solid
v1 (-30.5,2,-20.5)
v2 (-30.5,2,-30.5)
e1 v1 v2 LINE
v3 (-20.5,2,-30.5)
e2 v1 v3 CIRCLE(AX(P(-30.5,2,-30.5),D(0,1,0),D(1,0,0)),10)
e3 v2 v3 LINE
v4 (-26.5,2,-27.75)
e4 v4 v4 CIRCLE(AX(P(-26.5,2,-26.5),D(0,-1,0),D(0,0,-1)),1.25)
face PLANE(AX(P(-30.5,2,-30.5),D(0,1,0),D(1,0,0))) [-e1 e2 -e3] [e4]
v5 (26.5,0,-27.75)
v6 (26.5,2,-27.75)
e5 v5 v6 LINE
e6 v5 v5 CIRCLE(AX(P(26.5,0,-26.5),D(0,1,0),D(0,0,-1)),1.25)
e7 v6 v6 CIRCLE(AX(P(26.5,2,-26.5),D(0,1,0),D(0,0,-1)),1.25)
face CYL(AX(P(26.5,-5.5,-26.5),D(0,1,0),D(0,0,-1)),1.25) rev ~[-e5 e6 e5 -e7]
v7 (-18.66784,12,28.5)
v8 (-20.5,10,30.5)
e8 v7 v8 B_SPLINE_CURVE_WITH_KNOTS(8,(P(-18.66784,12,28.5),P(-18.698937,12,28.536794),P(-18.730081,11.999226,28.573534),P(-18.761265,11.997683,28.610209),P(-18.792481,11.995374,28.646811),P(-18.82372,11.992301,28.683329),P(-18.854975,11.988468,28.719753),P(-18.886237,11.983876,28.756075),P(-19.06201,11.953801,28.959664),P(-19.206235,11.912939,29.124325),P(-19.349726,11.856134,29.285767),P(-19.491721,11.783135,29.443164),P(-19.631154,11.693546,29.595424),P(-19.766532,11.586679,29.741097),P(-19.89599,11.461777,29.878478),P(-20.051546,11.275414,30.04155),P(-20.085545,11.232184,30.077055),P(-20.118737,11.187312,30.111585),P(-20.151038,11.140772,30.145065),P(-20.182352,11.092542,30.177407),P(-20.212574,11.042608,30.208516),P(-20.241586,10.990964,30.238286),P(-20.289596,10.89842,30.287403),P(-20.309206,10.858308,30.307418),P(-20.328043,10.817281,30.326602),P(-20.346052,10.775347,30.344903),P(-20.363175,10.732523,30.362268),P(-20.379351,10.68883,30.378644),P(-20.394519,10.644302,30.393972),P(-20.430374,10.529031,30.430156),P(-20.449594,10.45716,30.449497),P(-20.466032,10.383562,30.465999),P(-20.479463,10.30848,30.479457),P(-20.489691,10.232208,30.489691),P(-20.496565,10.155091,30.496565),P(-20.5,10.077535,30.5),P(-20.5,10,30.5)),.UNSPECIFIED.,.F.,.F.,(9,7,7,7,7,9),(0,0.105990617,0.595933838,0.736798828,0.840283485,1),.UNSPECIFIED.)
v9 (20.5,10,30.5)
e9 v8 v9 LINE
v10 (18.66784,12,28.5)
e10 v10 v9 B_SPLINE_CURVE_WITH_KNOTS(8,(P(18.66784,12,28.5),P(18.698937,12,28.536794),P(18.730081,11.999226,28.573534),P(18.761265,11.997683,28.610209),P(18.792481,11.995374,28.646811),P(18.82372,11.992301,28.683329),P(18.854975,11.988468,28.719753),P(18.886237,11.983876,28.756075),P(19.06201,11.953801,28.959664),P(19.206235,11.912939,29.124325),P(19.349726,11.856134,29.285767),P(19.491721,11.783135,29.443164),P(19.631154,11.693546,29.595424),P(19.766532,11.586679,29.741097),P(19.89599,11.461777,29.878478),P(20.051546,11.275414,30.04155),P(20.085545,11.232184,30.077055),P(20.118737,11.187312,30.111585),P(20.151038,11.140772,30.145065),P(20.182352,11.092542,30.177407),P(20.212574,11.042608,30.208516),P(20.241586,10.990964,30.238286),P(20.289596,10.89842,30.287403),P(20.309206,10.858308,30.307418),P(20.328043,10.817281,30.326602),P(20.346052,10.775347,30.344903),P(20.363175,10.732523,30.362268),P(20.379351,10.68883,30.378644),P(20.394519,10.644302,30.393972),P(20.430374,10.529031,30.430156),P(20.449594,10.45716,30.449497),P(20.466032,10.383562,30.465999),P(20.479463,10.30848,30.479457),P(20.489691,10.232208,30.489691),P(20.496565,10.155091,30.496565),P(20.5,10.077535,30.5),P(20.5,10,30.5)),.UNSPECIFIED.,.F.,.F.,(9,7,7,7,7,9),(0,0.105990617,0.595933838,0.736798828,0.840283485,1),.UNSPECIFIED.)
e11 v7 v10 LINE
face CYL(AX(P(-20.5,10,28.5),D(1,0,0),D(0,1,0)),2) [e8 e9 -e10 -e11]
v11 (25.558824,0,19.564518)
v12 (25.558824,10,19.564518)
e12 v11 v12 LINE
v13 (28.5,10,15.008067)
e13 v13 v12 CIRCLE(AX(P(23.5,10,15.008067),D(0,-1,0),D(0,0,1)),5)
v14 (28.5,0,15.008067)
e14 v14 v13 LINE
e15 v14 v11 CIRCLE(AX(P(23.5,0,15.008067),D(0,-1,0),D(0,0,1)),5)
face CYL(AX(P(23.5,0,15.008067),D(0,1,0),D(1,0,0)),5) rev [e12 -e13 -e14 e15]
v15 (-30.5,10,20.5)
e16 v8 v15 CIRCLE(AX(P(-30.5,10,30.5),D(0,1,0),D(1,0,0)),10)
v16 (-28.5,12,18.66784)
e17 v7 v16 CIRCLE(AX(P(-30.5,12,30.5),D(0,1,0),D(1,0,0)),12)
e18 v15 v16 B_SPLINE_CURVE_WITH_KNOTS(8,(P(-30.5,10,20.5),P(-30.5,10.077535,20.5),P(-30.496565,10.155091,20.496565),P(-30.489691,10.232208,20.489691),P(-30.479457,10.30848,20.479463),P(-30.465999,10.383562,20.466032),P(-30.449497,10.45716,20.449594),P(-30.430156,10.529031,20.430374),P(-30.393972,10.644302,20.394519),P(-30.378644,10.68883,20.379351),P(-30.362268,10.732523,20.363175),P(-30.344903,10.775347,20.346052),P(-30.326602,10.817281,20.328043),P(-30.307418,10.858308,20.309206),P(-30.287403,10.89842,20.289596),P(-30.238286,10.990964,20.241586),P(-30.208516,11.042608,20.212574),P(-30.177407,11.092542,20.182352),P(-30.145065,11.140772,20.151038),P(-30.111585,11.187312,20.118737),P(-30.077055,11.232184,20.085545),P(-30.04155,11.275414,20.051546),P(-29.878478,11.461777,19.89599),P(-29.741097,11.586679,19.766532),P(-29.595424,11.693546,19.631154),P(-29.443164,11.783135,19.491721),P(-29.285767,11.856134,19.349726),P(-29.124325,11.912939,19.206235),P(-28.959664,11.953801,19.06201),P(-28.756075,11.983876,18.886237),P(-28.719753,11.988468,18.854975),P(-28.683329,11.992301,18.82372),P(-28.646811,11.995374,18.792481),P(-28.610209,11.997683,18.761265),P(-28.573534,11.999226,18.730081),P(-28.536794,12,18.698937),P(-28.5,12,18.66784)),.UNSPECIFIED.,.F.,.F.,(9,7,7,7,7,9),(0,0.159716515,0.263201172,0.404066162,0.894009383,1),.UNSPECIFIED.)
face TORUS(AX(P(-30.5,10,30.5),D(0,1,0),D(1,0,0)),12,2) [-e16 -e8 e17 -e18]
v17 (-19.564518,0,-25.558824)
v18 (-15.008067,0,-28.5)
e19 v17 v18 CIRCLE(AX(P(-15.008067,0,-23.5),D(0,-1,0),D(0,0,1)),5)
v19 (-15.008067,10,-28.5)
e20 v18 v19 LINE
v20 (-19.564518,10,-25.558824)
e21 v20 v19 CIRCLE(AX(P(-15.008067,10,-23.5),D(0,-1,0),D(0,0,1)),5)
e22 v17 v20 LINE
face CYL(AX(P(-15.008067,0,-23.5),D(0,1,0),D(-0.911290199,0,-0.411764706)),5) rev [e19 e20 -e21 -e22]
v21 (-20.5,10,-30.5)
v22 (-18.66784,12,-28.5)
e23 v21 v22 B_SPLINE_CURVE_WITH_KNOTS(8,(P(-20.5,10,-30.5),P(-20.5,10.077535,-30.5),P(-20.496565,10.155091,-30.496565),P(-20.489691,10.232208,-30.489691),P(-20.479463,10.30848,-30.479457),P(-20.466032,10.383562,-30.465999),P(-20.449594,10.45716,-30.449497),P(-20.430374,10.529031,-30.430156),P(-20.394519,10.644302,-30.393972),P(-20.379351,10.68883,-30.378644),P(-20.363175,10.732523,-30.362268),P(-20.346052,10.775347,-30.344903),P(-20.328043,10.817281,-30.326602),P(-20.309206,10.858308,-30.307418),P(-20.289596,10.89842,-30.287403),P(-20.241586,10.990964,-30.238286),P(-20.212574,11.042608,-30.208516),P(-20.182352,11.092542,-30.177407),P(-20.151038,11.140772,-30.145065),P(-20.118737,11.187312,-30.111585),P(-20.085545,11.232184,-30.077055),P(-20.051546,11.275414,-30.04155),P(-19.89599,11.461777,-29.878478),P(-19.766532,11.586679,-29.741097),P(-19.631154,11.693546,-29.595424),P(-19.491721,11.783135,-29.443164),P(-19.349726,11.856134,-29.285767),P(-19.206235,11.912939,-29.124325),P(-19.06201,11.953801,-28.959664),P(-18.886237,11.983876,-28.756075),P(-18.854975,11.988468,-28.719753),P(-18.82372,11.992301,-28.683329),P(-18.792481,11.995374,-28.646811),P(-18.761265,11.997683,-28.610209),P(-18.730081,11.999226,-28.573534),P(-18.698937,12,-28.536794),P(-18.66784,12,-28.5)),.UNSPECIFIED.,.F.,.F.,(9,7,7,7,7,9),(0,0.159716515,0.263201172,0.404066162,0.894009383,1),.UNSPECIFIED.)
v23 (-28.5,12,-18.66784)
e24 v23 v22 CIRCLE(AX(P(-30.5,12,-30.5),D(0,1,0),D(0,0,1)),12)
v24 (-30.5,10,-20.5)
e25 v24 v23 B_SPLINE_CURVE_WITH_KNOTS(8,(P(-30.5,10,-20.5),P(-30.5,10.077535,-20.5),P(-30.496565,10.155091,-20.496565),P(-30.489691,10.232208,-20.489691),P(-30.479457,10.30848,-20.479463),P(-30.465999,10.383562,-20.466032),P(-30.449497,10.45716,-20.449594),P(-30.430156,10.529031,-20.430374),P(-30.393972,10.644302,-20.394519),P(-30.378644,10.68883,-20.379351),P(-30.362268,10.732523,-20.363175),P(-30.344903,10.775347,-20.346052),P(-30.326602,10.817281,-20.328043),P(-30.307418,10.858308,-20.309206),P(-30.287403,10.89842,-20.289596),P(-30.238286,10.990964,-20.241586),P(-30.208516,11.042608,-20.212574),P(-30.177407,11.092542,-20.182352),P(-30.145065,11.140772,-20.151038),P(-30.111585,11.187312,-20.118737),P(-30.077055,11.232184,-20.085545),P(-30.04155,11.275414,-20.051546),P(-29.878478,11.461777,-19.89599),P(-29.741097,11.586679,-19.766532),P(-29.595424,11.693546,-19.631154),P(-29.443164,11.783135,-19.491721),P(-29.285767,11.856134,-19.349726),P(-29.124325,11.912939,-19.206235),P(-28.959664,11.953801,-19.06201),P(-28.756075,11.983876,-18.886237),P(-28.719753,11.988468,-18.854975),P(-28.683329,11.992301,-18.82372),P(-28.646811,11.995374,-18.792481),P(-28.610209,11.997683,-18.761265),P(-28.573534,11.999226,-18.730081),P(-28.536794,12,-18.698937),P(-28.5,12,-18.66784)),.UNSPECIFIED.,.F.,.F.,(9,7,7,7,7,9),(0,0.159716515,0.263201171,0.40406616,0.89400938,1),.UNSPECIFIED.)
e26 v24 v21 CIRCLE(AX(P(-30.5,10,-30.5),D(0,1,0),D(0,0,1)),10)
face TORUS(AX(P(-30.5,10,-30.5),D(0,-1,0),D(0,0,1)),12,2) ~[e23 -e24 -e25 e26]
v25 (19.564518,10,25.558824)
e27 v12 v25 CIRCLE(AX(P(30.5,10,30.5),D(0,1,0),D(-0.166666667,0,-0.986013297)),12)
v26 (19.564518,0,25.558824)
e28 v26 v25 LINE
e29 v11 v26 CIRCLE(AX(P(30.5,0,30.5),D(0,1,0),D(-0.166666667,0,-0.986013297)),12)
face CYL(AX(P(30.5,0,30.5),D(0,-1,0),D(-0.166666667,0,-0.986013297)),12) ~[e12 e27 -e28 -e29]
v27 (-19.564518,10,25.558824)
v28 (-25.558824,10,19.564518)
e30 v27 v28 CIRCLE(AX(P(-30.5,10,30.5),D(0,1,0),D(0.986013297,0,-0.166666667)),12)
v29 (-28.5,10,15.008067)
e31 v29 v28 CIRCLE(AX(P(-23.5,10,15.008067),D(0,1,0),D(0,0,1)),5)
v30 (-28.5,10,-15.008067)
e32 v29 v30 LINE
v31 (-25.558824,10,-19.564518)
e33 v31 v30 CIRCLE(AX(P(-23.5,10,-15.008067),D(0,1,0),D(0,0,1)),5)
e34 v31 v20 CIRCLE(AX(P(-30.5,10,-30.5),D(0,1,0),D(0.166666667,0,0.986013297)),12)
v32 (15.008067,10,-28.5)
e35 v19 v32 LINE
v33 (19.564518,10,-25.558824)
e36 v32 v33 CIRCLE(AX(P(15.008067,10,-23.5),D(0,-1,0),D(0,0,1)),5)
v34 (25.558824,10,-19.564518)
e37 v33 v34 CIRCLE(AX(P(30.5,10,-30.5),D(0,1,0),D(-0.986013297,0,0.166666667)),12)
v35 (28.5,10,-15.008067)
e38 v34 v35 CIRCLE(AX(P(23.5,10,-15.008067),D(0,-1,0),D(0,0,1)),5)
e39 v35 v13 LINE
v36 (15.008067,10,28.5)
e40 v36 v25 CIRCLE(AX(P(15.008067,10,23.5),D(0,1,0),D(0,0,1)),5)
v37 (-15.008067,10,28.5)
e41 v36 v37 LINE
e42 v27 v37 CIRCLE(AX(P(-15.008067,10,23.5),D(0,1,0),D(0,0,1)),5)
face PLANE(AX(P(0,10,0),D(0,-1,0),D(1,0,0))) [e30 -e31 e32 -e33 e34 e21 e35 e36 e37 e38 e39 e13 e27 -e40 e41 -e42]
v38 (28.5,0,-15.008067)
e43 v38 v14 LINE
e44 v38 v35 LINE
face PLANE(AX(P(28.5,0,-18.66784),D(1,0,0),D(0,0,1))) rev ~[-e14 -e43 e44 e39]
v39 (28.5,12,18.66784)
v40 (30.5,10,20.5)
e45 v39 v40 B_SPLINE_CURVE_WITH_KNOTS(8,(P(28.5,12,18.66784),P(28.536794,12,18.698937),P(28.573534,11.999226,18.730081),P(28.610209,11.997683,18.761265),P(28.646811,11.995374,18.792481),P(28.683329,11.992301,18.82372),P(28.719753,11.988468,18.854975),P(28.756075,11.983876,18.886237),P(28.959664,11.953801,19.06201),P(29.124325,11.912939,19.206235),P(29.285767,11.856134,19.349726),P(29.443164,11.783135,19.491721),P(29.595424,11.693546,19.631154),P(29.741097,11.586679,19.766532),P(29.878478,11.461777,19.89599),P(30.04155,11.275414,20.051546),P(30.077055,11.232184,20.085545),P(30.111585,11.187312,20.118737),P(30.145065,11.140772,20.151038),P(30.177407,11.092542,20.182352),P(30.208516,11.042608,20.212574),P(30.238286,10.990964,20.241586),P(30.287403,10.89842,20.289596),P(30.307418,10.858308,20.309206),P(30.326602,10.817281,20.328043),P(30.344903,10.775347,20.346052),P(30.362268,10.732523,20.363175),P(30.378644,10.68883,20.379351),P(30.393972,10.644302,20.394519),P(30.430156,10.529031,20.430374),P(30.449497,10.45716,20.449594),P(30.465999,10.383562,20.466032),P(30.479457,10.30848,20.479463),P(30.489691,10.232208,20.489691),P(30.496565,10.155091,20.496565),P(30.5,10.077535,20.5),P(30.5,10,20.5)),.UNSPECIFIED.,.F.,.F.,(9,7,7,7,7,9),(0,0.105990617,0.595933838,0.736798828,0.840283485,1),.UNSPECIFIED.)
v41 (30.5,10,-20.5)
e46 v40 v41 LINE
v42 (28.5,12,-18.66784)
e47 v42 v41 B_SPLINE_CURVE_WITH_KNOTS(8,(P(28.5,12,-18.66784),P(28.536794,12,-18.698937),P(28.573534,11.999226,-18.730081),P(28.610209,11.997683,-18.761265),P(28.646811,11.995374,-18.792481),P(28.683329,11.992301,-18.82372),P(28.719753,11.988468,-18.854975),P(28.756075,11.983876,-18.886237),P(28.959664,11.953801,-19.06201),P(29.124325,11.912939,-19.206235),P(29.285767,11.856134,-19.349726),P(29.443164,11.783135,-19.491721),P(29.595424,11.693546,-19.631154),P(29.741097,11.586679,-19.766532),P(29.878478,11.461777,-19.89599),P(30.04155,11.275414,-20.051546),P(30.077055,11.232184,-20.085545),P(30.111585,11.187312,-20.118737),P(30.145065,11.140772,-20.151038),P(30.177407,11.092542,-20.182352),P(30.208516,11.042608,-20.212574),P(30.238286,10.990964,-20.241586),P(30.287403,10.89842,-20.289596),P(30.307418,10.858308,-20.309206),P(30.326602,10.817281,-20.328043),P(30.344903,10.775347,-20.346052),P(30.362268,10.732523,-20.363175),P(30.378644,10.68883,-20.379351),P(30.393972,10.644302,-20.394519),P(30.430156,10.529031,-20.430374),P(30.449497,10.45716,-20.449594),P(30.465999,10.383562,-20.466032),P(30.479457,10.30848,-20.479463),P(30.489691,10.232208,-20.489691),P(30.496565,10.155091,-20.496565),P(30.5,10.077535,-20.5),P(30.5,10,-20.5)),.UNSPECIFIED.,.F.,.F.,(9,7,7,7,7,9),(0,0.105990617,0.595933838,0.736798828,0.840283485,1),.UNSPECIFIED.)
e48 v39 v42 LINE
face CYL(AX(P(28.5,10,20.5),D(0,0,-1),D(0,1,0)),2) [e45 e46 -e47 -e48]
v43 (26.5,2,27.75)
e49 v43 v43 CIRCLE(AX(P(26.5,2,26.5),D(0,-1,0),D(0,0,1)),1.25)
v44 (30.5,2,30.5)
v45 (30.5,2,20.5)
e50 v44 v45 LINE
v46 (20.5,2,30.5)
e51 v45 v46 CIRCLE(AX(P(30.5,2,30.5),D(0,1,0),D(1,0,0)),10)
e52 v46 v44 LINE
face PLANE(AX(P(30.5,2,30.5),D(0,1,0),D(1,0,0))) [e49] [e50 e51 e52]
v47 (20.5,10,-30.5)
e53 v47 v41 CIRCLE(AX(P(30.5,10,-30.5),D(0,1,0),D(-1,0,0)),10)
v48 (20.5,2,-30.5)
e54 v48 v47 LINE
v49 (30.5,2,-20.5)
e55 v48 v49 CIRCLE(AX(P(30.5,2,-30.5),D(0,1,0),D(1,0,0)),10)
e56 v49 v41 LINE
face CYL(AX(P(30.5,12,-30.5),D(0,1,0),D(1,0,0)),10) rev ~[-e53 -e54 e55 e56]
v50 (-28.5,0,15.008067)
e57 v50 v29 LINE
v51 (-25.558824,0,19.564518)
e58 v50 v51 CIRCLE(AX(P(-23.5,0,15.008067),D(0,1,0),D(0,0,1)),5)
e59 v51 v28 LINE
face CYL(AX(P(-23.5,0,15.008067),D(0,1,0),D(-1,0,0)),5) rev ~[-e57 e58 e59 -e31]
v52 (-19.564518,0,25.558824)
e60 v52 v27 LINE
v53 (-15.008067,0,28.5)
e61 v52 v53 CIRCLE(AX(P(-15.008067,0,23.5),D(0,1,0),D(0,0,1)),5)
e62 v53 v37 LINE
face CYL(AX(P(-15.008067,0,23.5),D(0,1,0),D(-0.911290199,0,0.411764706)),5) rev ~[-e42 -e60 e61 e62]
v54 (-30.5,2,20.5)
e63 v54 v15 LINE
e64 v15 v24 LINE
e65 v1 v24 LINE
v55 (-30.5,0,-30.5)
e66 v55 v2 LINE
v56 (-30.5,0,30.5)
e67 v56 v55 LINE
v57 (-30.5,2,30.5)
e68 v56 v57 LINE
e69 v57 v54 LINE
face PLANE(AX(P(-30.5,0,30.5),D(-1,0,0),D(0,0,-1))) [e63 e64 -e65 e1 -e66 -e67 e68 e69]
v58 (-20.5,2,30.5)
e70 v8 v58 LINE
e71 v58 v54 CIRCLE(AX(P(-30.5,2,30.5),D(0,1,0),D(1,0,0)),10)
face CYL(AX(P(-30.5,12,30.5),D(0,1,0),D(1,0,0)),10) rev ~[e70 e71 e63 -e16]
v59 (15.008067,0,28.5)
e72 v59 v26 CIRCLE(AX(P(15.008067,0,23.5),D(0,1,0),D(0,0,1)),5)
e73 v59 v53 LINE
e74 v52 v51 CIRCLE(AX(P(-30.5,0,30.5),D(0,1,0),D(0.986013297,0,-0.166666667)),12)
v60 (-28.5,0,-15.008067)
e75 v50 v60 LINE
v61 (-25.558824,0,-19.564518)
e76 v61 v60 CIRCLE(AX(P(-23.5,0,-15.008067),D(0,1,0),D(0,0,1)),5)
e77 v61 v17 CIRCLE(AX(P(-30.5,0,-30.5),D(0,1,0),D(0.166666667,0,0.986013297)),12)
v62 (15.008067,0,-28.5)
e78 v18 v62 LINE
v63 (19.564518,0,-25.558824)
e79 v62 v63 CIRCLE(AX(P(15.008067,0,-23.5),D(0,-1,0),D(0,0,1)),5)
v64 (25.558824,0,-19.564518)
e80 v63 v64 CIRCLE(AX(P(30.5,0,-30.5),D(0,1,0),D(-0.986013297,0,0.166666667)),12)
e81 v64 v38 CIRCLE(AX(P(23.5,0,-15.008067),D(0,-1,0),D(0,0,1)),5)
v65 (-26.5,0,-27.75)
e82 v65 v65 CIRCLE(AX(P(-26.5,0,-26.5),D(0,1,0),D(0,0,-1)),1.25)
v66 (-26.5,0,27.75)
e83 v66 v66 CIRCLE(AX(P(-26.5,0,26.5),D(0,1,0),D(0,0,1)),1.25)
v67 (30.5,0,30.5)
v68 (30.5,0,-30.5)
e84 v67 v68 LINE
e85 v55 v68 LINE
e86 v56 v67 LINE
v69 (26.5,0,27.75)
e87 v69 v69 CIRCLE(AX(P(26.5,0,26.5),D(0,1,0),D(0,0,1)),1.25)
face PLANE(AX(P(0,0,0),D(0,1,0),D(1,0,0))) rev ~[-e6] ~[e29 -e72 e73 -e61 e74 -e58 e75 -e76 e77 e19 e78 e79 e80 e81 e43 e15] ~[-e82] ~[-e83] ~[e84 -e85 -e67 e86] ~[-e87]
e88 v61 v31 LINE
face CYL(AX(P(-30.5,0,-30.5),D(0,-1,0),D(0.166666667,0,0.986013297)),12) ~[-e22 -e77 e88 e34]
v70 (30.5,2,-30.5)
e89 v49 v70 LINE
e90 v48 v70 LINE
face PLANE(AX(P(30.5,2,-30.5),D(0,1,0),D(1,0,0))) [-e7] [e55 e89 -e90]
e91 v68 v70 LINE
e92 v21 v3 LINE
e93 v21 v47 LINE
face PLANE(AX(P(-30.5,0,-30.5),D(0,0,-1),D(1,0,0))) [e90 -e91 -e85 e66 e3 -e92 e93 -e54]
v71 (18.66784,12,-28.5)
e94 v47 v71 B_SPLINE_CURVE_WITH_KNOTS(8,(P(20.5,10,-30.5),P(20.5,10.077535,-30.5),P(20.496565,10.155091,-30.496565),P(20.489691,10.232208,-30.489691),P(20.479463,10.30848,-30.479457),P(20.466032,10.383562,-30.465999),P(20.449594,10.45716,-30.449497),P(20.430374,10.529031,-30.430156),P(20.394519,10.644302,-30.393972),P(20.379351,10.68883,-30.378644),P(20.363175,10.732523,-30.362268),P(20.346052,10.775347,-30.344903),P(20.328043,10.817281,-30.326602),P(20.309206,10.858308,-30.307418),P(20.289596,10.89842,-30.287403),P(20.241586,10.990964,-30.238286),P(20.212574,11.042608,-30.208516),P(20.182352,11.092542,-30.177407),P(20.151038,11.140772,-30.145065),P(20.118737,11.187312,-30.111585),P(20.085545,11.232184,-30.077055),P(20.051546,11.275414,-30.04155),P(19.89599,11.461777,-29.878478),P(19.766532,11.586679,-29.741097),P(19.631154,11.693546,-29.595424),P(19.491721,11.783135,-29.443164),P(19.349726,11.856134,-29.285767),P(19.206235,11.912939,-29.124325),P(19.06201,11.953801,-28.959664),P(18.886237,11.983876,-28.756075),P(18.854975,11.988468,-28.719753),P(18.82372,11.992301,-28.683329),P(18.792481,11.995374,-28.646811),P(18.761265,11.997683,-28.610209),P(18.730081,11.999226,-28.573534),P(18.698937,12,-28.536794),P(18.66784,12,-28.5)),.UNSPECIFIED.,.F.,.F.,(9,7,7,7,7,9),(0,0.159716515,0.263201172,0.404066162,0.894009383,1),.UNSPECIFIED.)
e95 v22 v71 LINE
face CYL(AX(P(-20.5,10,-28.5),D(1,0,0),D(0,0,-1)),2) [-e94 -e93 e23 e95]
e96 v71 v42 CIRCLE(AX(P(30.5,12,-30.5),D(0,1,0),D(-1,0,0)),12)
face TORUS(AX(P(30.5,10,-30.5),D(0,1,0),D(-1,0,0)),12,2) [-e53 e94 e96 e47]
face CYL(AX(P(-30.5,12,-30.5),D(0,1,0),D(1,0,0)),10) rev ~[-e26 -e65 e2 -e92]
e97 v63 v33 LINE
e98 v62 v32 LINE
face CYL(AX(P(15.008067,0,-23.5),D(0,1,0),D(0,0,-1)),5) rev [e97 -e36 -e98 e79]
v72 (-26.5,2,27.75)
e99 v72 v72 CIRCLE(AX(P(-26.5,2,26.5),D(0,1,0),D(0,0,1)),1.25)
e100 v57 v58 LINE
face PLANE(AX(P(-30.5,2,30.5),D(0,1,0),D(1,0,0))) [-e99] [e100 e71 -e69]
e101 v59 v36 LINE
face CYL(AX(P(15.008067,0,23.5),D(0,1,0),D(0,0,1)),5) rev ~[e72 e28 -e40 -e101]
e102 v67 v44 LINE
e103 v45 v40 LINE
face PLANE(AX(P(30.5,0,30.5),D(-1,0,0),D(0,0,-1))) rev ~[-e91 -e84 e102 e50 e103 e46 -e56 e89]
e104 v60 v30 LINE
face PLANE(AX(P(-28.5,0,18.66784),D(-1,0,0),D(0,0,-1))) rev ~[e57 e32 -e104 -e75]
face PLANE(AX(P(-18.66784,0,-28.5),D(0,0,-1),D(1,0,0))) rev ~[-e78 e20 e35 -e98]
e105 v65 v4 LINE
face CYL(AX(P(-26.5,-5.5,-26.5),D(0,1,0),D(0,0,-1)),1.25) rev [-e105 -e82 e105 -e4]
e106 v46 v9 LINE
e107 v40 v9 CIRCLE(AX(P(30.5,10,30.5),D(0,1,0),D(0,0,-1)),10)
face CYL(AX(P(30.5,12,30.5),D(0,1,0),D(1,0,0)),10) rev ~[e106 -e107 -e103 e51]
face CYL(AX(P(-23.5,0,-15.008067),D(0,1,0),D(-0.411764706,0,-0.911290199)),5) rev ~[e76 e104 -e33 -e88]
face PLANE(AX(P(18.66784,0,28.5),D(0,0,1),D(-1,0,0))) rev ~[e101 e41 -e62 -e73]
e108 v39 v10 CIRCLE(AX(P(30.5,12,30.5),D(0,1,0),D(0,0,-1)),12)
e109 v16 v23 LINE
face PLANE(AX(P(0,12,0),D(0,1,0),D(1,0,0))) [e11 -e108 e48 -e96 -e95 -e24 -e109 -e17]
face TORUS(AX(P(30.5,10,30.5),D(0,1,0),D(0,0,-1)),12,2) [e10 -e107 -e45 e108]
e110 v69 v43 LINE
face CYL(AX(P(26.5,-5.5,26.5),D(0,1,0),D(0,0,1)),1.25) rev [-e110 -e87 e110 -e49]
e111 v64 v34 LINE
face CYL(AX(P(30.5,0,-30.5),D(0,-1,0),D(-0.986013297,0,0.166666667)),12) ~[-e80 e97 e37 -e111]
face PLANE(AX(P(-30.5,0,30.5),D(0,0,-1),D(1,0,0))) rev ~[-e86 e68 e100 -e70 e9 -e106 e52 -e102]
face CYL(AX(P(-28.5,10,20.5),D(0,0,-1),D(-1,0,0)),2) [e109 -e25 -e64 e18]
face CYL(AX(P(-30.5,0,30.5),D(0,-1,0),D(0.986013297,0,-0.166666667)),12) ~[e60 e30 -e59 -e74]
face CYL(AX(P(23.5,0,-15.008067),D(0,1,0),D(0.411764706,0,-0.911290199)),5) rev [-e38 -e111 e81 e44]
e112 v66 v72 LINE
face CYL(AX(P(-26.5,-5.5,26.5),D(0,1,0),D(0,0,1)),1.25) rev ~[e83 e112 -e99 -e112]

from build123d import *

# Parameters (mm, degrees)
SKETCH2_W           = 61
SKETCH2_H           = 61
BOSS_EXTRUDE1_DEPTH = 12
SKETCH4_R           = 10
CUT_EXTRUDE3_DEPTH  = 10
CUT_EXTRUDE5_DEPTH  = 10
FILLET2_R           = 2
FILLET3_R           = 5


with BuildPart() as part:
    # Sketch2 → Boss-Extrude1 (new body)
    with BuildSketch(Plane(origin=(0, 0, 0), x_dir=(1, 0, 0), z_dir=(0, 1, 0))):
        Rectangle(SKETCH2_W, SKETCH2_H)
    extrude(amount=BOSS_EXTRUDE1_DEPTH)

    # Sketch4 → Cut-Extrude3 (cut)
    with BuildSketch(Plane(origin=(0, 12, 0), x_dir=(1, 0, 0), z_dir=(0, 1, 0))):
        with Locations((30.5, -30.5)):
            Circle(SKETCH4_R)
        with Locations((-30.5, -30.5)):
            Circle(SKETCH4_R)
        with Locations((-30.5, 30.5)):
            Circle(SKETCH4_R)
        with Locations((30.5, 30.5)):
            Circle(SKETCH4_R)
    extrude(amount=-CUT_EXTRUDE3_DEPTH, mode=Mode.SUBTRACT)

    # Sketch8 → Cut-Extrude5 (cut)
    with BuildSketch(Plane.XZ):
        with BuildLine():
            Line((-18.667840434, -28.5), (18.667840434, -28.5))
            ThreePointArc((18.667840434, -28.5), (22.014718626, -22.014718626), (28.5, -18.667840434))
            Line((28.5, -18.667840434), (28.5, 18.667840434))
            ThreePointArc((28.5, 18.667840434), (22.014718626, 22.014718626), (18.667840434, 28.5))
            Line((18.667840434, 28.5), (-18.667840434, 28.5))
            ThreePointArc((-18.667840434, 28.5), (-22.014718626, 22.014718626), (-28.5, 18.667840434))
            Line((-28.5, 18.667840434), (-28.5, -18.667840434))
            ThreePointArc((-28.5, -18.667840434), (-22.014718626, -22.014718626), (-18.667840434, -28.5))
        make_face()
    extrude(amount=-CUT_EXTRUDE5_DEPTH, mode=Mode.SUBTRACT)

    # Fillet2
    fillet2_edges = [part.edges().sort_by_distance(p)[0] for p in [
        (30.5, 12, 0),
        (0, 12, -30.5),
        (-30.5, 12, 0),
        (0, 12, 30.5),
        (23.428932188, 12, -23.428932188),
        (-23.428932188, 12, -23.428932188),
        (-23.428932188, 12, 23.428932188),
        (23.428932188, 12, 23.428932188),
    ]]
    fillet(fillet2_edges, radius=FILLET2_R)

    # Sketch15 → M3x0.5 Tapped Hole1 (revolve, cut)
    with BuildSketch(Plane(origin=(26.5, 2, 26.5), x_dir=(0, 0, 1), z_dir=(1, 0, 0))):
        Polygon((0, 0), (0, 8.251075774), (1.25, 7.5), (1.25, 0), align=None)
    m3x0_5_tapped_hole1 = revolve(axis=Axis((26.5, 8.35, 26.5), (0, -1, 0)), mode=Mode.SUBTRACT)

    # Mirror1: M3x0.5 Tapped Hole1 across plane
    add(m3x0_5_tapped_hole1.mirror(Plane.XY), mode=Mode.SUBTRACT)

    # Mirror2: M3x0.5 Tapped Hole1 across plane
    add(m3x0_5_tapped_hole1.mirror(Plane(origin=(0, 0, 0), x_dir=(0, 0, 1), z_dir=(1, 0, 0))), mode=Mode.SUBTRACT)

    # Mirror2 copy 1 sketch → Mirror2 copy 1 (revolve, cut)
    with BuildSketch(Plane(origin=(-26.5, 2, -26.5), x_dir=(0, 0, -1), z_dir=(-1, 0, 0))):
        Polygon((0, 0), (0, 8.251075774), (1.25, 7.5), (1.25, 0), align=None)
    revolve(axis=Axis((-26.5, 8.35, -26.5), (0, -1, 0)), mode=Mode.SUBTRACT)

    # Fillet3
    fillet3_edges = [part.edges().sort_by_distance(p)[0] for p in [
        (28.5, 5, -18.667840434),
        (18.667840434, 5, -28.5),
        (-18.667840434, 5, -28.5),
        (-28.5, 5, -18.667840434),
        (-28.5, 5, 18.667840434),
        (-18.667840434, 5, 28.5),
        (18.667840434, 5, 28.5),
        (28.5, 5, 18.667840434),
    ]]
    fillet(fillet3_edges, radius=FILLET3_R)


solid = part.part
